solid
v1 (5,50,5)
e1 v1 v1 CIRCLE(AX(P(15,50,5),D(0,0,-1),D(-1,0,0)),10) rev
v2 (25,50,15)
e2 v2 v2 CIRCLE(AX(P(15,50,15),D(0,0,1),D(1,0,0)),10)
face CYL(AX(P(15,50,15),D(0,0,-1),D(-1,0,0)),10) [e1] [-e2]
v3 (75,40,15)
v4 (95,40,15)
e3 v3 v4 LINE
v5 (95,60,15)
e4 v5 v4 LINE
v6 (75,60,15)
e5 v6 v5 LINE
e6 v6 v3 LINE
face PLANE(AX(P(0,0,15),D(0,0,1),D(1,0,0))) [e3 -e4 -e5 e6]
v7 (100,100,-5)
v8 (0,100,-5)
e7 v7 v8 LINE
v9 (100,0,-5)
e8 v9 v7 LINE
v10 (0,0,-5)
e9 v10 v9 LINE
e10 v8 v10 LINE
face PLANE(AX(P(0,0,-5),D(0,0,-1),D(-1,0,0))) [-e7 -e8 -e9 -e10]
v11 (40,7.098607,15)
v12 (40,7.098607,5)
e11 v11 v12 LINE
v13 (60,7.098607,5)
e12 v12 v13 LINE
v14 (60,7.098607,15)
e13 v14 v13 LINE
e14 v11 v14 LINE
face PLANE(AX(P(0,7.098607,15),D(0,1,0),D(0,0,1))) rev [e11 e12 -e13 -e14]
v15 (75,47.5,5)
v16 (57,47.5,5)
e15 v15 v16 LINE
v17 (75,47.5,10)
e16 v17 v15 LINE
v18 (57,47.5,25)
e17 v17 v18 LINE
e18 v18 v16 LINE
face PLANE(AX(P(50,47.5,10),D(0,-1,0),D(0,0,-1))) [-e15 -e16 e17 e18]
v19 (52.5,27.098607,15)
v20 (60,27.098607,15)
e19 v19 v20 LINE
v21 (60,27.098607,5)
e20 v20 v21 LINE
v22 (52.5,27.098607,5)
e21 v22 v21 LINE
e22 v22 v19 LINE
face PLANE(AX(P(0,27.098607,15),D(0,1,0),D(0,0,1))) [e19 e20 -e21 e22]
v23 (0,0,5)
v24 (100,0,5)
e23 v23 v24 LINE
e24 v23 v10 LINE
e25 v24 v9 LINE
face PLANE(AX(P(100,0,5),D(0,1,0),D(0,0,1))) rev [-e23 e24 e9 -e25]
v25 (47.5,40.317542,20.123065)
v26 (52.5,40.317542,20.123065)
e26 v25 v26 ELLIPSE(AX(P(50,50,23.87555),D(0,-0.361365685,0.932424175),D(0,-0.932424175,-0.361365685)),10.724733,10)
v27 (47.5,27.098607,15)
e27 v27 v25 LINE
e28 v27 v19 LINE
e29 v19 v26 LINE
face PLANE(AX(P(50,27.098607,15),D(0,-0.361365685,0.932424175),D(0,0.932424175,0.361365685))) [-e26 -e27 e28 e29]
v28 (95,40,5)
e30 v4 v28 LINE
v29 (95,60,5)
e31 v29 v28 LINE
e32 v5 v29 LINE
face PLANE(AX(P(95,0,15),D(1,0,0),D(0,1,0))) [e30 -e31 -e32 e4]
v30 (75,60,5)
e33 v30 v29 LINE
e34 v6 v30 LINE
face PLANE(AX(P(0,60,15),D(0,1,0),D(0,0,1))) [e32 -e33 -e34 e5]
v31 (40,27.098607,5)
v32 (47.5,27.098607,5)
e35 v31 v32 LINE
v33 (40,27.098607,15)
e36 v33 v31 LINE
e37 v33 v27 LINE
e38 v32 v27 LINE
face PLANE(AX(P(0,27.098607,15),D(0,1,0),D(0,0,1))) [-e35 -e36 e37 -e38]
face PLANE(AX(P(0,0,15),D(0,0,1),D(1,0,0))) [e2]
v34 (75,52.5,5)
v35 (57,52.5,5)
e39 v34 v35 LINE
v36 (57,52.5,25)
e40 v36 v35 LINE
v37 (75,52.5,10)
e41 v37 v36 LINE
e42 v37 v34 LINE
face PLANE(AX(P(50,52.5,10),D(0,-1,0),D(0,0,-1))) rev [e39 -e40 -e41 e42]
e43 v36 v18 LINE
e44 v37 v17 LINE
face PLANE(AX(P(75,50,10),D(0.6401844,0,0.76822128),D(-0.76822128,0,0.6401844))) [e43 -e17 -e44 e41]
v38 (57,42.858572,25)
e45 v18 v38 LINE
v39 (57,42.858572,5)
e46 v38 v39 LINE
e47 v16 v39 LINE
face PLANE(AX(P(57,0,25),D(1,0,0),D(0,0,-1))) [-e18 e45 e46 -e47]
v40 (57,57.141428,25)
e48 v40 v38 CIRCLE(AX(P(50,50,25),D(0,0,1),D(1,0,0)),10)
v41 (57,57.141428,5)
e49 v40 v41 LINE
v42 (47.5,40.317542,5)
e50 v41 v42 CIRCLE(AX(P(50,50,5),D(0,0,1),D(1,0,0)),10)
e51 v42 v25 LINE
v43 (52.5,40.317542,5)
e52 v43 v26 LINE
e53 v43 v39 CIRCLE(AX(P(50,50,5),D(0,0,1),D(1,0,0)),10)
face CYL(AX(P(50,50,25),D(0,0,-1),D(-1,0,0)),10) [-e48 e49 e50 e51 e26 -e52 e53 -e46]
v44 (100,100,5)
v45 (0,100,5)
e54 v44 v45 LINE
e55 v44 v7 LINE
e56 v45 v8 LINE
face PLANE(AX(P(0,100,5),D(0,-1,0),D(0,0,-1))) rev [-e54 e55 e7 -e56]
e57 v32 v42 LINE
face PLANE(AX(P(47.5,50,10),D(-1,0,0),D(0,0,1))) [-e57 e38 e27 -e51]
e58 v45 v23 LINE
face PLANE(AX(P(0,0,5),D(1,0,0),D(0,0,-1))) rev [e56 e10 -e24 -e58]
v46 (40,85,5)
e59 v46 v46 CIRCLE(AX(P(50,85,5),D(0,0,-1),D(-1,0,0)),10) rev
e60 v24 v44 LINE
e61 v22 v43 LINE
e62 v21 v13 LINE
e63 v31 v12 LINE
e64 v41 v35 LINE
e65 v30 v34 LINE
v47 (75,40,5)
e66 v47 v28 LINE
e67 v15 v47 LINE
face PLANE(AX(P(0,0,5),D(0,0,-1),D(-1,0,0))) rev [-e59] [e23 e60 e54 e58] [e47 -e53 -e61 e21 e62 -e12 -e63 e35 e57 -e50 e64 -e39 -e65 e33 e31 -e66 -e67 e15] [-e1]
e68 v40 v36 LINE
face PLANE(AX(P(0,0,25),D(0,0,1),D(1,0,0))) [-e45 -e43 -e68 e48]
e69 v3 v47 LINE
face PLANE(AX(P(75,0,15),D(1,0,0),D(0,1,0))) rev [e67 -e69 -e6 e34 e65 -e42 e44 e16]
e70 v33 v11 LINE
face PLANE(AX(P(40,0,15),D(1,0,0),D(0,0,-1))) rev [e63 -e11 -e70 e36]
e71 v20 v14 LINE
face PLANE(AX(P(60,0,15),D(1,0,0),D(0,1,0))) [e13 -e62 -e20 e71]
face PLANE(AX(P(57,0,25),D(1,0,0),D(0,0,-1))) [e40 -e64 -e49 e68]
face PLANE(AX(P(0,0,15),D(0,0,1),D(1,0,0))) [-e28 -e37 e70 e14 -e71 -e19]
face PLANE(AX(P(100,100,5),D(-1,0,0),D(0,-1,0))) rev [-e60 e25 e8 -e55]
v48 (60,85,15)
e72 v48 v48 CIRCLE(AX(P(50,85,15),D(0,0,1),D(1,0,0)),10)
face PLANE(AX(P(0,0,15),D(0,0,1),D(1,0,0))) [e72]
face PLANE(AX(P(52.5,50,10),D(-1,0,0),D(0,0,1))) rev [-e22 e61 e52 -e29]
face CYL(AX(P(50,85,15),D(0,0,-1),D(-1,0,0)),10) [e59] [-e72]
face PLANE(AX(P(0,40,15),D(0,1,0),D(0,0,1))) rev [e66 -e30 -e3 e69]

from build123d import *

# Parameters (mm, degrees)
SCHIZZO1_W                   = 100
SCHIZZO1_H                   = 100
ESTRUSIONE_ESTRUSIONE1_DEPTH = 5
SCHIZZO2_W                   = 20
SCHIZZO2_H                   = 20
SCHIZZO2_R                   = 10
ESTRUSIONE_ESTRUSIONE2_DEPTH = 10
ESTRUSIONE_ESTRUSIONE3_DEPTH = 20
NERVATURA6_REACH             = 116.564
SCHIZZO17_WALL_W             = 254.559533776
SCHIZZO17_WALL_H             = 5
NERVATURA7_REACH             = 116.564
SCHIZZO19_WALL_W             = 244.96518431
SCHIZZO19_WALL_H             = 5


with BuildPart() as part:
    # Schizzo1 → Estrusione-Estrusione1 (new, symmetric)
    with BuildSketch(Plane.XY):
        with Locations((50, 50)):
            Rectangle(SCHIZZO1_W, SCHIZZO1_H)
    extrude(amount=ESTRUSIONE_ESTRUSIONE1_DEPTH, both=True)

    # Schizzo2 → Estrusione-Estrusione2 (add)
    with BuildSketch(Plane.XY.offset(5)):
        with Locations((85, 50)):
            Rectangle(SCHIZZO2_W, SCHIZZO2_H)
        with Locations((50, 17.098606554)):
            Rectangle(SCHIZZO2_W, SCHIZZO2_H)
        with Locations((50, 85)):
            Circle(SCHIZZO2_R)
        with Locations((15, 50)):
            Circle(SCHIZZO2_R)
    extrude(amount=ESTRUSIONE_ESTRUSIONE2_DEPTH)

    # Schizzo2<3> → Estrusione-Estrusione3 (add)
    with BuildSketch(Plane.XY.offset(5)):
        with BuildLine():
            Line((57, 42.858571571), (57, 57.141428429))
            ThreePointArc((57, 57.141428429), (40, 50), (57, 42.858571571))
        make_face()
    extrude(amount=ESTRUSIONE_ESTRUSIONE3_DEPTH)

    # Schizzo17 wall → Nervatura6 (add, up to next)
    with BuildSketch(Plane(origin=(66, 50, 17.5), x_dir=(-0.768221279597, 0, 0.640184399664), z_dir=(-0.640184399664, 0, -0.768221279597)), mode=Mode.PRIVATE) as nervatura6_sk1:
        Rectangle(SCHIZZO17_WALL_W, SCHIZZO17_WALL_H)
    nervatura6_tool1 = extrude(nervatura6_sk1.sketch, amount=NERVATURA6_REACH, mode=Mode.PRIVATE) - part.part
    add(nervatura6_tool1.solids().sort_by_distance((66, 50, 17.5))[0])

    # Schizzo19 wall → Nervatura7 (add, up to next)
    with BuildSketch(Plane(origin=(50, 33.549303277, 17.5), x_dir=(0, 0.932424174937, 0.361365684583), z_dir=(0, 0.361365684583, -0.932424174937)), mode=Mode.PRIVATE) as nervatura7_sk1:
        Rectangle(SCHIZZO19_WALL_W, SCHIZZO19_WALL_H)
    nervatura7_tool1 = extrude(nervatura7_sk1.sketch, amount=NERVATURA7_REACH, mode=Mode.PRIVATE) - part.part
    add(nervatura7_tool1.solids().sort_by_distance((50, 33.549303277, 17.5))[0])


solid = part.part
